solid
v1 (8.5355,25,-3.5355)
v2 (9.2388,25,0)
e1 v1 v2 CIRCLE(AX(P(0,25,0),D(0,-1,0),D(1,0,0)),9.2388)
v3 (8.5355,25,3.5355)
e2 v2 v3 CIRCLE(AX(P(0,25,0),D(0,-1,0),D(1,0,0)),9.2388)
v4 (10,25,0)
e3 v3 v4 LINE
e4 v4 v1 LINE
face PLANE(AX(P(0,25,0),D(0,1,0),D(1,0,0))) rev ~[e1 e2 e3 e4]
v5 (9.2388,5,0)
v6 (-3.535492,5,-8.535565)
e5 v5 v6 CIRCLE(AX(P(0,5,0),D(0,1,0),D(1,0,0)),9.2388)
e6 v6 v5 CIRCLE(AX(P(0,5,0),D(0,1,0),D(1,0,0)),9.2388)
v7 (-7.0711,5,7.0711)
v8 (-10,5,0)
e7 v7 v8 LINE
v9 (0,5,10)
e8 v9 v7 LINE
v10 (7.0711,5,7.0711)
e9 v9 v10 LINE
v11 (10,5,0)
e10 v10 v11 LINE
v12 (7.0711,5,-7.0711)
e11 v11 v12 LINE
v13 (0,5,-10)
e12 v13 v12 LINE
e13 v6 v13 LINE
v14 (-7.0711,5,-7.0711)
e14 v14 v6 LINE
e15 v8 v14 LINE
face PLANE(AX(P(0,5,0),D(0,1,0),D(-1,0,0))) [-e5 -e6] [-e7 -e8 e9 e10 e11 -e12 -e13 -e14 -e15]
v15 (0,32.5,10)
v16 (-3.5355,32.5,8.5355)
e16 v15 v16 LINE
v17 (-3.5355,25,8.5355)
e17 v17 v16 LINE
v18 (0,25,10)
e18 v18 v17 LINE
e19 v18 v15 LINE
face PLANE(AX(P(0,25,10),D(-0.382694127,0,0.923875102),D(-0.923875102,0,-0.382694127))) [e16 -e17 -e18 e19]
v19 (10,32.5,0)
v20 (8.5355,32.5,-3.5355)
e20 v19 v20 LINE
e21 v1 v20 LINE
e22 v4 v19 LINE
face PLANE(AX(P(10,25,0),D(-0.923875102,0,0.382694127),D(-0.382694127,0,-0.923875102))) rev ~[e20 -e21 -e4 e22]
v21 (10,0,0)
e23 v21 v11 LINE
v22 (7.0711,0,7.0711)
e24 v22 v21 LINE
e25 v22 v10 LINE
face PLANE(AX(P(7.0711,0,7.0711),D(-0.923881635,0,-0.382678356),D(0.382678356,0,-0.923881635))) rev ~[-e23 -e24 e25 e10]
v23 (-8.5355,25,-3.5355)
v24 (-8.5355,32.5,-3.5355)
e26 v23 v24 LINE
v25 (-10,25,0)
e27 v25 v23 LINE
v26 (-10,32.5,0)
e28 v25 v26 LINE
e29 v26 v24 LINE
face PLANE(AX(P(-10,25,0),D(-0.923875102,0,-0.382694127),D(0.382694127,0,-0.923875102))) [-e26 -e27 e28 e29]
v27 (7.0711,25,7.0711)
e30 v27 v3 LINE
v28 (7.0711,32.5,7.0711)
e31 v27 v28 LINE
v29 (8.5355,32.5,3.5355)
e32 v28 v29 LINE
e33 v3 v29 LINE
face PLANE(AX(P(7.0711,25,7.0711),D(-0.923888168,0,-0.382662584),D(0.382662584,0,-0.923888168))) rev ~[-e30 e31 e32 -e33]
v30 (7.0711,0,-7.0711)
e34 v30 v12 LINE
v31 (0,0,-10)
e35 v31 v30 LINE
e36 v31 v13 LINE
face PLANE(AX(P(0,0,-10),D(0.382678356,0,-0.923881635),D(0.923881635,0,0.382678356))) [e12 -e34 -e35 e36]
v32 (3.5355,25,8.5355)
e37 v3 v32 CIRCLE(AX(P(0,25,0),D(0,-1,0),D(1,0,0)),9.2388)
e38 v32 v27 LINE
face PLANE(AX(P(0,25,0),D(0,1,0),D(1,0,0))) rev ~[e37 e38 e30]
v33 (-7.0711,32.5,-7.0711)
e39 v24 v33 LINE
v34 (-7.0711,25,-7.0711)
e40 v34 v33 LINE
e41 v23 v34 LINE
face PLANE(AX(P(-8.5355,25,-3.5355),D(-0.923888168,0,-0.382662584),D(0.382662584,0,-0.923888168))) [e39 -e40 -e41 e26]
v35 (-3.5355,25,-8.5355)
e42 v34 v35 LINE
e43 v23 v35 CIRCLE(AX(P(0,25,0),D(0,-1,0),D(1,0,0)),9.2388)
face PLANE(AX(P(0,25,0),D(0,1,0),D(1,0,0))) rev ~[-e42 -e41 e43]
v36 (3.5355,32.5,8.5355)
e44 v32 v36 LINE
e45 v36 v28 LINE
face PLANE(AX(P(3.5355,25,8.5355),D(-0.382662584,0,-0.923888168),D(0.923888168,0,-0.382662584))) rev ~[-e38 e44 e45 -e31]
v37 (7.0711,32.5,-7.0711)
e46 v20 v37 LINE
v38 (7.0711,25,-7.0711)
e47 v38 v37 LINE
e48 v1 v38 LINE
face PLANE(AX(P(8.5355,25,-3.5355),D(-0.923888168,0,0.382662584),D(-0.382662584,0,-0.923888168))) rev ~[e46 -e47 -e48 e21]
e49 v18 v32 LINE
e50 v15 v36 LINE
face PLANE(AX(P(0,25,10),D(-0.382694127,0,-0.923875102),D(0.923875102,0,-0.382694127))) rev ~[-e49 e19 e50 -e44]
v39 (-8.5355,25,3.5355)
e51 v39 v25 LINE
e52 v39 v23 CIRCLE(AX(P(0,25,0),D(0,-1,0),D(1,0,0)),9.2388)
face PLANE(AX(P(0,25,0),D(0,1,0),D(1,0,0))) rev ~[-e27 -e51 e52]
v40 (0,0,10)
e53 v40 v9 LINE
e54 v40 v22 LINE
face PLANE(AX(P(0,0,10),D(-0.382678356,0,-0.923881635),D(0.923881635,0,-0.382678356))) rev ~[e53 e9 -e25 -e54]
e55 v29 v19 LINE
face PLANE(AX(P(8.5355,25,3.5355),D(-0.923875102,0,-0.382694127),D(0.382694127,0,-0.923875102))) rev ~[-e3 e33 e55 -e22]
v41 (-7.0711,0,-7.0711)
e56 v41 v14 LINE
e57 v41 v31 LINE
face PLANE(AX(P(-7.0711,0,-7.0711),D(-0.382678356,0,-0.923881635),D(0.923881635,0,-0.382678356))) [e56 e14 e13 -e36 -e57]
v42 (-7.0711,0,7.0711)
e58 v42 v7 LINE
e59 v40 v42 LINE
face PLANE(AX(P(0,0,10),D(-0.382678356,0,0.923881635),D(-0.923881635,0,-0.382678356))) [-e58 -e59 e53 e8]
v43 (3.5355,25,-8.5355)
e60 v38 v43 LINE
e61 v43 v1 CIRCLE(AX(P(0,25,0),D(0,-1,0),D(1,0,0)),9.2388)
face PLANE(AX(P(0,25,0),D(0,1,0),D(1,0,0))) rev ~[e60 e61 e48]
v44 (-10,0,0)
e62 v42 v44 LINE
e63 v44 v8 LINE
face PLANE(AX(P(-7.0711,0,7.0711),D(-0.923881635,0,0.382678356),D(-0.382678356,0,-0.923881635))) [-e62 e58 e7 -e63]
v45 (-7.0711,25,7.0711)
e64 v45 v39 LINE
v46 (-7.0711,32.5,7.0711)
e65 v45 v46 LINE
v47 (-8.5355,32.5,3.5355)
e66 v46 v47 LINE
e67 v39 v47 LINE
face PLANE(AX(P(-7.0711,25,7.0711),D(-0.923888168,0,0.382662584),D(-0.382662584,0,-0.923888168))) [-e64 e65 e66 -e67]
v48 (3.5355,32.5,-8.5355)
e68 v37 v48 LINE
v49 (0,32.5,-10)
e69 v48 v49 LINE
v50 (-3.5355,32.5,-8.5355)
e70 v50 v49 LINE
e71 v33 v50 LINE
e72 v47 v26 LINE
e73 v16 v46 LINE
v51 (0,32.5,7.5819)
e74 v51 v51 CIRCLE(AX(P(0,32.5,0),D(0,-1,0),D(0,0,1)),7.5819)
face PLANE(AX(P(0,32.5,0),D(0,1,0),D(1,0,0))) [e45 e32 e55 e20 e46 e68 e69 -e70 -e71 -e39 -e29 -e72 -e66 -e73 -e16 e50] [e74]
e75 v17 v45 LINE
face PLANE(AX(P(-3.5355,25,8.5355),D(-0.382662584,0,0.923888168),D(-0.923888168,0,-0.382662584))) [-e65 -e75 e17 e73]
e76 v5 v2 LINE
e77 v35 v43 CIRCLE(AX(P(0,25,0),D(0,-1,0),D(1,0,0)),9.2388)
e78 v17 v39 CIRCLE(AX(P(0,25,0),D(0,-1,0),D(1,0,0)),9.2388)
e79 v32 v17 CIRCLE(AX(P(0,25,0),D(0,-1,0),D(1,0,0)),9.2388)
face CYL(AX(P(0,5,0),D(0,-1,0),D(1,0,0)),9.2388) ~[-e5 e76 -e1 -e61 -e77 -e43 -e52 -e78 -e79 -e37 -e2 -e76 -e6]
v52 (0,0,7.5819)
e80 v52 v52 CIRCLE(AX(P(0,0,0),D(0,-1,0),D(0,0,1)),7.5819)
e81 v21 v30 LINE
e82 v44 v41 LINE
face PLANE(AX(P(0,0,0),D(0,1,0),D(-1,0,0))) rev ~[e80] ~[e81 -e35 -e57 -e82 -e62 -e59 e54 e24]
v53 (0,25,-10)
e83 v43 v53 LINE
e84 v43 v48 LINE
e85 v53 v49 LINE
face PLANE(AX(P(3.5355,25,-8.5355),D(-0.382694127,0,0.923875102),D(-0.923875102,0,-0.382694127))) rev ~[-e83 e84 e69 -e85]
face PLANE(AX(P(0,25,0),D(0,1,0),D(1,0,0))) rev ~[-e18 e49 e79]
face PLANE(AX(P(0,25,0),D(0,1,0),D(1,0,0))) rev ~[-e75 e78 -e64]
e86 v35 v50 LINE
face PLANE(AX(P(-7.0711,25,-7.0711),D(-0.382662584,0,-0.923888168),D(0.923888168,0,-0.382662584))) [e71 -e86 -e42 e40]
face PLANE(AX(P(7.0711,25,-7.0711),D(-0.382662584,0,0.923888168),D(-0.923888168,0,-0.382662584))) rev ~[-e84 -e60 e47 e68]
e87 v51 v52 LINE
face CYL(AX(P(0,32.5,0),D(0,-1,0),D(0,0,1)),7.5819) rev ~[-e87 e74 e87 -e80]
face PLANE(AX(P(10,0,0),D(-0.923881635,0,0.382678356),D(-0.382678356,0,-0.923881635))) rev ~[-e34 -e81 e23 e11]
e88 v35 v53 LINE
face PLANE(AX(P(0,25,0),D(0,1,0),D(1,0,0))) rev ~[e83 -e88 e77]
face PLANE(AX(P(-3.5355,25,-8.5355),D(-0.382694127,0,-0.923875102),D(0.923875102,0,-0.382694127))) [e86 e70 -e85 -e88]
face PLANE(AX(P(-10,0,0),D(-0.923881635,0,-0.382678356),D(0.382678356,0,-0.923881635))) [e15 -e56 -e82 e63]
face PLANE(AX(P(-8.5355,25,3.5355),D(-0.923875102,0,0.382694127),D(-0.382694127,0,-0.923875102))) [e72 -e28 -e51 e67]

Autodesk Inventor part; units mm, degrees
ref_plane "YZ Plane" through (0, 0, 0) normal (1, 0, 0) x (0, 1, 0)
ref_plane "XZ Plane" through (0, 0, 0) normal (0, 1, 0) x (-1, 0, 0)
ref_plane "XY Plane" through (0, 0, 0) normal (0, 0, 1) x (1, 0, 0)
sketch "Boceto1" plane through (0, 0, 0) normal (0, 1, 0) x (-1, 0, 0)
  circle A0 centre (0, 0) radius 10
  line L0 (7.0711, -7.0711) -> (0, -10)
  line L1 (10, 0) -> (7.0711, -7.0711)
  line L2 (0, -10) -> (-7.0711, -7.0711)
  line L3 (-10, 0) -> (-7.0711, -7.0711)
  line L4 (0, 10) -> (7.0711, 7.0711)
  line L5 (7.0711, 7.0711) -> (10, 0)
  line L6 (0, 0) -> (0, 10)
  line L7 (0, 10) -> (-7.0711, 7.0711)
  line L8 (-7.0711, 7.0711) -> (-10, 0)
  circle A1 centre (0, 0) radius 10
  line L9 (7.0711, -7.0711) -> (0, -10)
  line L10 (10, 0) -> (7.0711, -7.0711)
  line L11 (0, -10) -> (-7.0711, -7.0711)
  line L12 (-10, 0) -> (-7.0711, -7.0711)
  line L13 (0, 10) -> (7.0711, 7.0711)
  line L14 (7.0711, 7.0711) -> (10, 0)
  line L15 (0, 0) -> (0, 10)
  line L16 (-7.0711, 7.0711) -> (-10, 0)
  line L17 (0, 10) -> (-7.0711, 7.0711)
  dimension "d0" = 20
  dimension "d5" = 20
extrude "Extrusión1" add sketch "Boceto1" along normal blind 5 contours L1 L0 L2 L3 L8 L7 L4 L5
sketch "Boceto2" plane through (0, 5, 0) normal (0, 1, 0) x (1, 0, 0)
  circle A0 centre (0, 0) radius 9.2388
  line L0 (0, 10) -> (-7.0711, 7.0711) projected
extrude "Extrusión2" add sketch "Boceto2" along normal blind 20
sketch "Boceto3" plane through (0, 25, 0) normal (0, 1, 0) x (1, 0, 0)
  line L0 (7.0711, -7.0711) -> (8.5355, -3.5355) projected
  line L1 (8.5355, -3.5355) -> (10, 0) projected
  line L2 (10, 0) -> (8.5355, 3.5355) projected
  line L3 (8.5355, 3.5355) -> (7.0711, 7.0711) projected
  line L4 (7.0711, 7.0711) -> (3.5355, 8.5355) projected
  line L5 (3.5355, 8.5355) -> (0, 10) projected
  line L6 (0, -10) -> (3.5355, -8.5355) projected
  line L7 (3.5355, -8.5355) -> (7.0711, -7.0711) projected
  line L8 (0, -10) -> (7.0711, -7.0711)
  line L9 (7.0711, -7.0711) -> (10, 0) projected
  line L10 (10, 0) -> (7.0711, 7.0711) projected
  line L11 (10, 0) -> (7.0711, 7.0711)
  line L12 (7.0711, 7.0711) -> (0, 10)
  line L13 (0, 0) -> (0, 10)
  line L14 (-7.0711, -7.0711) -> (-8.5355, -3.5355)
  line L15 (-8.5355, -3.5355) -> (-10, 0)
  line L16 (-10, 0) -> (-8.5355, 3.5355)
  line L17 (-8.5355, 3.5355) -> (-7.0711, 7.0711)
  line L18 (-7.0711, 7.0711) -> (-3.5355, 8.5355)
  line L19 (-3.5355, 8.5355) -> (0, 10)
  line L20 (0, -10) -> (-3.5355, -8.5355)
  line L21 (-3.5355, -8.5355) -> (-7.0711, -7.0711)
  line L22 (0, -10) -> (-7.0711, -7.0711)
  line L23 (-7.0711, -7.0711) -> (-10, 0)
  line L24 (-10, 0) -> (-7.0711, 7.0711)
  line L25 (-10, 0) -> (-7.0711, 7.0711)
  line L26 (-7.0711, 7.0711) -> (0, 10)
extrude "Extrusión3" add sketch "Boceto3" along normal blind 7.5
sketch "Boceto4" plane through (0, 32.5, 0) normal (0, 1, 0) x (1, 0, 0)
  point P0 (0, 0)
  point P1 (0, 0)
hole "Agujero1" at (0, 32.5, 0) direction (0, -1, 0) diameter 15.1638 end through all thread size "11/16-12 UN" class "2B" standard "ANSI Unified Screw Threads"
properties part number "TUBO_METALICO"
